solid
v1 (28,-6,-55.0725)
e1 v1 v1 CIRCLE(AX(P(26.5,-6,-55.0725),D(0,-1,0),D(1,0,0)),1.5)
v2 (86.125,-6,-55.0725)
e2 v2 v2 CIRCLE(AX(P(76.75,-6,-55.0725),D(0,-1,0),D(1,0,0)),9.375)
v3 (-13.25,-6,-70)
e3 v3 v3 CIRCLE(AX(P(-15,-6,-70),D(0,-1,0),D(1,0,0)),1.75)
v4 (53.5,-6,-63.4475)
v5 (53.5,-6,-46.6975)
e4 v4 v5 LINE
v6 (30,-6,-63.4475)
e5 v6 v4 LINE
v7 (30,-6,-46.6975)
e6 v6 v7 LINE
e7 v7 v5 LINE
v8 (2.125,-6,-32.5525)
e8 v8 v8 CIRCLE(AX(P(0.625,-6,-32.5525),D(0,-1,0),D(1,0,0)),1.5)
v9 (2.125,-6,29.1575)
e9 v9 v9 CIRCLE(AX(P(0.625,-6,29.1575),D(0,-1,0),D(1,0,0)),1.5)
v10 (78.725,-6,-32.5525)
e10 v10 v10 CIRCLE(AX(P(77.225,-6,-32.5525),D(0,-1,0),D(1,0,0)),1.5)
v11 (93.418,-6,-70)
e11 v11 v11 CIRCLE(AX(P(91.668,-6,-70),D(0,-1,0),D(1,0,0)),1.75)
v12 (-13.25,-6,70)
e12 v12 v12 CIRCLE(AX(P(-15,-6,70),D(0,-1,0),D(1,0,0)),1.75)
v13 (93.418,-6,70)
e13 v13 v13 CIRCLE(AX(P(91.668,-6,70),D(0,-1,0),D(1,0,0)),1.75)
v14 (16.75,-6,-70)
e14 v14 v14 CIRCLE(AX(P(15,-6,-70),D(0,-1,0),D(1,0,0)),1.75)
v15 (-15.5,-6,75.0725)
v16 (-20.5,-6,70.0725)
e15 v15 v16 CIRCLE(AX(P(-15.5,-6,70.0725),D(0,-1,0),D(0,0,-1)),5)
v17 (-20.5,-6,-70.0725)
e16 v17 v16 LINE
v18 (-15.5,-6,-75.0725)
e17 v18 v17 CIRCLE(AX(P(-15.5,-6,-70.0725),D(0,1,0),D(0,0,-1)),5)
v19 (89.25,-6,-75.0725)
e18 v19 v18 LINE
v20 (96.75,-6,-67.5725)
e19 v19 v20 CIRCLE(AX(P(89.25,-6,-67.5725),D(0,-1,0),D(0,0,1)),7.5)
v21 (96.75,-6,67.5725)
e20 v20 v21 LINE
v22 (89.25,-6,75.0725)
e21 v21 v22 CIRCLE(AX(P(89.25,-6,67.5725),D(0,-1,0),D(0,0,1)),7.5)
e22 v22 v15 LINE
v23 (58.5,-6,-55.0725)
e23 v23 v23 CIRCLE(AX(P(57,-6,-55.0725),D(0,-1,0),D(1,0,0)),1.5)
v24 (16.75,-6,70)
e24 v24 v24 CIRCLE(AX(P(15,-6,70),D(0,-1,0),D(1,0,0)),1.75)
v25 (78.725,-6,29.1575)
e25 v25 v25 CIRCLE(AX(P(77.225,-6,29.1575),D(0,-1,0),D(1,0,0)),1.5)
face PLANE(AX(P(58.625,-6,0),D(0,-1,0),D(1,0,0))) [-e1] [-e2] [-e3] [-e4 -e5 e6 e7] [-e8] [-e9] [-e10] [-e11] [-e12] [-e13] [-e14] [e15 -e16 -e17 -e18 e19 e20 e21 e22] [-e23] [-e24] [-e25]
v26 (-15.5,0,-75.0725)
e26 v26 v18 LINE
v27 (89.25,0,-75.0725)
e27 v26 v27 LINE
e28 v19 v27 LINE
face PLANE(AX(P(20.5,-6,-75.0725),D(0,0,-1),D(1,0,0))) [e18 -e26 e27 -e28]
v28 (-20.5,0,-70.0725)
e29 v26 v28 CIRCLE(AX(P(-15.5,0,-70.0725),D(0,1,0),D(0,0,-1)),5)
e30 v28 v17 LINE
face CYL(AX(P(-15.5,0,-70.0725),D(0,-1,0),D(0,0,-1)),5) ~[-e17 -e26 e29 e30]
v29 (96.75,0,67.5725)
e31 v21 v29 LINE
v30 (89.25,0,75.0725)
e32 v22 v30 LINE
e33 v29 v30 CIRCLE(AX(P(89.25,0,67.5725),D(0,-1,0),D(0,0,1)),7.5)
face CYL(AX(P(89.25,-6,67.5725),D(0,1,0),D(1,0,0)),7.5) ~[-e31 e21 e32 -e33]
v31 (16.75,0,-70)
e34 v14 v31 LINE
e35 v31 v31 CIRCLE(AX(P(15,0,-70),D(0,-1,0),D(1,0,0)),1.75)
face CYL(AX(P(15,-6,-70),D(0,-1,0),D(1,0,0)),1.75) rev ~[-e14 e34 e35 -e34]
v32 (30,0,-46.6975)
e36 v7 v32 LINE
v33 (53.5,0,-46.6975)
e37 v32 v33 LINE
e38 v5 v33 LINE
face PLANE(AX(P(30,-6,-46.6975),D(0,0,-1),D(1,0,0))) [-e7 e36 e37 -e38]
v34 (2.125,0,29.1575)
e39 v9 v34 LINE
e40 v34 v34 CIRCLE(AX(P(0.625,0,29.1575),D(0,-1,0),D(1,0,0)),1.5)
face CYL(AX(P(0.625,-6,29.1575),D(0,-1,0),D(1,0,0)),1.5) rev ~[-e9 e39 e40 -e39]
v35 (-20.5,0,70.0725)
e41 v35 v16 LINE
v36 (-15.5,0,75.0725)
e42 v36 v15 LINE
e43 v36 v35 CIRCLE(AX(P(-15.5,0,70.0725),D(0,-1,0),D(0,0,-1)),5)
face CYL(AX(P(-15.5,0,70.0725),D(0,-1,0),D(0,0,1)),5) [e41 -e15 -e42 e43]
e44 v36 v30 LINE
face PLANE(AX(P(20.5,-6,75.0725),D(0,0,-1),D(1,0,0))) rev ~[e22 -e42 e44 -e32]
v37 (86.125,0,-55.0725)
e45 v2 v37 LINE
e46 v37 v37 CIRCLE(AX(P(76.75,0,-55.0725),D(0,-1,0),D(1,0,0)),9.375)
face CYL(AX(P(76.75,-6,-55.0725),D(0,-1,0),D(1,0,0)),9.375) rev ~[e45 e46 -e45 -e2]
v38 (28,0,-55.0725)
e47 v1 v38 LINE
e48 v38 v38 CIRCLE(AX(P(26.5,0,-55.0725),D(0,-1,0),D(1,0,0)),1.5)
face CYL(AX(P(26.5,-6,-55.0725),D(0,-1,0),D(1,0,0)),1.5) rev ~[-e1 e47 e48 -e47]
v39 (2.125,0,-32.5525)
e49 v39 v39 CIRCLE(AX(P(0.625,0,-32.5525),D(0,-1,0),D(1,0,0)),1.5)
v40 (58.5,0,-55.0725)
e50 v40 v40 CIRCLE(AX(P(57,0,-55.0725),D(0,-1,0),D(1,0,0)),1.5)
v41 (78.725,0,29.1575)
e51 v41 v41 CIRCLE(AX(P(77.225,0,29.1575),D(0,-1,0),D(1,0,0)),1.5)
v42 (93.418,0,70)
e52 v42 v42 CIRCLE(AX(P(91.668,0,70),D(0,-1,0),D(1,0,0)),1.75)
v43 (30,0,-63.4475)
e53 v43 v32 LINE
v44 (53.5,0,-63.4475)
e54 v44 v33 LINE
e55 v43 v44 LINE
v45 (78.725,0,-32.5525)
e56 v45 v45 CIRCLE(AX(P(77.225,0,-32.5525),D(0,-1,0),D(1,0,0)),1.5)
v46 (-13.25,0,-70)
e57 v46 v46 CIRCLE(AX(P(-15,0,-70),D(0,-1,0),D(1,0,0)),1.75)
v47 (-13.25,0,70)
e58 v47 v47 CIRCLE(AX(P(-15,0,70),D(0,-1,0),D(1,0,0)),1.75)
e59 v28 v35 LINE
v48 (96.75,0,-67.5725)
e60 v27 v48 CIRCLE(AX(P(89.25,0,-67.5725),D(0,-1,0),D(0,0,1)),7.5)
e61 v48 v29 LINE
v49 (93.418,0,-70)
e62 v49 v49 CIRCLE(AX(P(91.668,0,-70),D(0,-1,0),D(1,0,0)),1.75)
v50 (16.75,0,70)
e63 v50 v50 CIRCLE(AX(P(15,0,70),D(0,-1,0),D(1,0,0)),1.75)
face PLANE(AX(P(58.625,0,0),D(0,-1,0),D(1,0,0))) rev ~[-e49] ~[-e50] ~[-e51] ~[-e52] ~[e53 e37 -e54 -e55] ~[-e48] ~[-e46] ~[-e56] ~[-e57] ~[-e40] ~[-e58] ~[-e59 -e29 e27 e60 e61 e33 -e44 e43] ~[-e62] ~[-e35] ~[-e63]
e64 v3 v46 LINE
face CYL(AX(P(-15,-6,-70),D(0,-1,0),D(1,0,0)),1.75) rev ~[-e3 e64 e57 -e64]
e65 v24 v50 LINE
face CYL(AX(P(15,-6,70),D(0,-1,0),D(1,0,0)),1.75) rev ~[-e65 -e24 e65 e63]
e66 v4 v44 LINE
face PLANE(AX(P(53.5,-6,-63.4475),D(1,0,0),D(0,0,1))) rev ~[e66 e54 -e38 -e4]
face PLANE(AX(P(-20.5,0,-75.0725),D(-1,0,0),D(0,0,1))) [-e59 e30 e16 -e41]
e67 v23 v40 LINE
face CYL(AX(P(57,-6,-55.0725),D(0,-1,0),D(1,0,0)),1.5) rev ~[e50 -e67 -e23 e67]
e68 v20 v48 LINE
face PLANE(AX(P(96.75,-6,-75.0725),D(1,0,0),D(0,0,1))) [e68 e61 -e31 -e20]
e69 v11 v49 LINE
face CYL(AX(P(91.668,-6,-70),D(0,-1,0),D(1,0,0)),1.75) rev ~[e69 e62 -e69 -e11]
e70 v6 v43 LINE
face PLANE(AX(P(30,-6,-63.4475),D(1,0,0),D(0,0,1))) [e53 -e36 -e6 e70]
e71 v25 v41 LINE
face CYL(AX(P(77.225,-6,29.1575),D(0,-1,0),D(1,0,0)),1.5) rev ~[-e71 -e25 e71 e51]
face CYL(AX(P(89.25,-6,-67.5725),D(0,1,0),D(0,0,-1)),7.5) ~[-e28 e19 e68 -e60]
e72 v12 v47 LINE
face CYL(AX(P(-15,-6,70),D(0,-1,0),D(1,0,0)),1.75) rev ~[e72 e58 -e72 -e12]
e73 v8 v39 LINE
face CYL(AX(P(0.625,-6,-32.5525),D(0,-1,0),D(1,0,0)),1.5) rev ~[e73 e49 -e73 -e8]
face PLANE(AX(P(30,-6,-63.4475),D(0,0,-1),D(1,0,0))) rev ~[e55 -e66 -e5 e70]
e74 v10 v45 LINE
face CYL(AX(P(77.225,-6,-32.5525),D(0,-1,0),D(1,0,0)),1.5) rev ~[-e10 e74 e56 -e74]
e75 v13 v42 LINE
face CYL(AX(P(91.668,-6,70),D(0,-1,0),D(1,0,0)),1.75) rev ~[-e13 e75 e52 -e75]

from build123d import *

# Parameters (mm, degrees)
F0_W      = 41
F0_H      = 150.145
F1_DEPTH  = 6
F2_R      = 1.75
F3_DEPTH  = 6.001
F4_W      = 76.25
F4_H      = 150.145
F5_DEPTH  = 6
F6_R      = 5
F7_R      = 7.5
F8_R      = 1.75
F9_DEPTH  = 6.001
F10_R     = 9.375
F10_W     = 23.5
F10_H     = 16.75
F10_R_2   = 1.5
F11_DEPTH = 6.001
F12_R     = 1.5
F13_DEPTH = 6.001


with BuildPart() as f1:
    # F0 (on Front) → F1 (new body)
    with BuildSketch(Plane.XZ):
        Rectangle(F0_W, F0_H)
    extrude(amount=F1_DEPTH)

    # F2 (on face) → F3 (cut, through all)
    with BuildSketch(Plane.XZ.offset(6)):
        with Locations((-15, 70)):
            Circle(F2_R)
        with Locations((15, 70)):
            Circle(F2_R)
        with Locations((-15, -70)):
            Circle(F2_R)
        with Locations((15, -70)):
            Circle(F2_R)
    extrude(amount=-F3_DEPTH, mode=Mode.SUBTRACT)

    # F4 (on face) → F5 (join, through all)
    with BuildSketch(Plane.XZ.offset(6)):
        with Locations((58.625, 0)):
            Rectangle(F4_W, F4_H)
    extrude(amount=-F5_DEPTH)

    # F6
    f6_edges = [f1.edges().sort_by_distance(p)[0] for p in [
        (-20.5, -3, 75.0725),
        (-20.5, -3, -75.0725),
    ]]
    fillet(f6_edges, radius=F6_R)

    # F7
    f7_edges = [f1.edges().sort_by_distance(p)[0] for p in [
        (96.75, -3, 75.0725),
        (96.75, -3, -75.0725),
    ]]
    fillet(f7_edges, radius=F7_R)

    # F8 (on face) → F9 (cut, through all)
    with BuildSketch(Plane.XZ.offset(6)):
        with Locations((91.668, 70)):
            Circle(F8_R)
        with Locations((91.668, -70)):
            Circle(F8_R)
    extrude(amount=-F9_DEPTH, mode=Mode.SUBTRACT)

    # F10 (on face) → F11 (cut, through all)
    with BuildSketch(Plane.XZ.offset(6)):
        with Locations((76.75, -55.0725)):
            Circle(F10_R)
        with Locations((41.75, -55.0725)):
            Rectangle(F10_W, F10_H)
        with Locations((57, -55.0725)):
            Circle(F10_R_2)
        with Locations((26.5, -55.0725)):
            Circle(F10_R_2)
    extrude(amount=-F11_DEPTH, mode=Mode.SUBTRACT)

    # F12 (on face) → F13 (cut, through all)
    with BuildSketch(Plane.XZ.offset(6)):
        with Locations((0.625, -32.5525)):
            Circle(F12_R)
        with Locations((77.225, -32.5525)):
            Circle(F12_R)
        with Locations((0.625, 29.1575)):
            Circle(F12_R)
        with Locations((77.225, 29.1575)):
            Circle(F12_R)
    extrude(amount=-F13_DEPTH, mode=Mode.SUBTRACT)


solid = f1.part
